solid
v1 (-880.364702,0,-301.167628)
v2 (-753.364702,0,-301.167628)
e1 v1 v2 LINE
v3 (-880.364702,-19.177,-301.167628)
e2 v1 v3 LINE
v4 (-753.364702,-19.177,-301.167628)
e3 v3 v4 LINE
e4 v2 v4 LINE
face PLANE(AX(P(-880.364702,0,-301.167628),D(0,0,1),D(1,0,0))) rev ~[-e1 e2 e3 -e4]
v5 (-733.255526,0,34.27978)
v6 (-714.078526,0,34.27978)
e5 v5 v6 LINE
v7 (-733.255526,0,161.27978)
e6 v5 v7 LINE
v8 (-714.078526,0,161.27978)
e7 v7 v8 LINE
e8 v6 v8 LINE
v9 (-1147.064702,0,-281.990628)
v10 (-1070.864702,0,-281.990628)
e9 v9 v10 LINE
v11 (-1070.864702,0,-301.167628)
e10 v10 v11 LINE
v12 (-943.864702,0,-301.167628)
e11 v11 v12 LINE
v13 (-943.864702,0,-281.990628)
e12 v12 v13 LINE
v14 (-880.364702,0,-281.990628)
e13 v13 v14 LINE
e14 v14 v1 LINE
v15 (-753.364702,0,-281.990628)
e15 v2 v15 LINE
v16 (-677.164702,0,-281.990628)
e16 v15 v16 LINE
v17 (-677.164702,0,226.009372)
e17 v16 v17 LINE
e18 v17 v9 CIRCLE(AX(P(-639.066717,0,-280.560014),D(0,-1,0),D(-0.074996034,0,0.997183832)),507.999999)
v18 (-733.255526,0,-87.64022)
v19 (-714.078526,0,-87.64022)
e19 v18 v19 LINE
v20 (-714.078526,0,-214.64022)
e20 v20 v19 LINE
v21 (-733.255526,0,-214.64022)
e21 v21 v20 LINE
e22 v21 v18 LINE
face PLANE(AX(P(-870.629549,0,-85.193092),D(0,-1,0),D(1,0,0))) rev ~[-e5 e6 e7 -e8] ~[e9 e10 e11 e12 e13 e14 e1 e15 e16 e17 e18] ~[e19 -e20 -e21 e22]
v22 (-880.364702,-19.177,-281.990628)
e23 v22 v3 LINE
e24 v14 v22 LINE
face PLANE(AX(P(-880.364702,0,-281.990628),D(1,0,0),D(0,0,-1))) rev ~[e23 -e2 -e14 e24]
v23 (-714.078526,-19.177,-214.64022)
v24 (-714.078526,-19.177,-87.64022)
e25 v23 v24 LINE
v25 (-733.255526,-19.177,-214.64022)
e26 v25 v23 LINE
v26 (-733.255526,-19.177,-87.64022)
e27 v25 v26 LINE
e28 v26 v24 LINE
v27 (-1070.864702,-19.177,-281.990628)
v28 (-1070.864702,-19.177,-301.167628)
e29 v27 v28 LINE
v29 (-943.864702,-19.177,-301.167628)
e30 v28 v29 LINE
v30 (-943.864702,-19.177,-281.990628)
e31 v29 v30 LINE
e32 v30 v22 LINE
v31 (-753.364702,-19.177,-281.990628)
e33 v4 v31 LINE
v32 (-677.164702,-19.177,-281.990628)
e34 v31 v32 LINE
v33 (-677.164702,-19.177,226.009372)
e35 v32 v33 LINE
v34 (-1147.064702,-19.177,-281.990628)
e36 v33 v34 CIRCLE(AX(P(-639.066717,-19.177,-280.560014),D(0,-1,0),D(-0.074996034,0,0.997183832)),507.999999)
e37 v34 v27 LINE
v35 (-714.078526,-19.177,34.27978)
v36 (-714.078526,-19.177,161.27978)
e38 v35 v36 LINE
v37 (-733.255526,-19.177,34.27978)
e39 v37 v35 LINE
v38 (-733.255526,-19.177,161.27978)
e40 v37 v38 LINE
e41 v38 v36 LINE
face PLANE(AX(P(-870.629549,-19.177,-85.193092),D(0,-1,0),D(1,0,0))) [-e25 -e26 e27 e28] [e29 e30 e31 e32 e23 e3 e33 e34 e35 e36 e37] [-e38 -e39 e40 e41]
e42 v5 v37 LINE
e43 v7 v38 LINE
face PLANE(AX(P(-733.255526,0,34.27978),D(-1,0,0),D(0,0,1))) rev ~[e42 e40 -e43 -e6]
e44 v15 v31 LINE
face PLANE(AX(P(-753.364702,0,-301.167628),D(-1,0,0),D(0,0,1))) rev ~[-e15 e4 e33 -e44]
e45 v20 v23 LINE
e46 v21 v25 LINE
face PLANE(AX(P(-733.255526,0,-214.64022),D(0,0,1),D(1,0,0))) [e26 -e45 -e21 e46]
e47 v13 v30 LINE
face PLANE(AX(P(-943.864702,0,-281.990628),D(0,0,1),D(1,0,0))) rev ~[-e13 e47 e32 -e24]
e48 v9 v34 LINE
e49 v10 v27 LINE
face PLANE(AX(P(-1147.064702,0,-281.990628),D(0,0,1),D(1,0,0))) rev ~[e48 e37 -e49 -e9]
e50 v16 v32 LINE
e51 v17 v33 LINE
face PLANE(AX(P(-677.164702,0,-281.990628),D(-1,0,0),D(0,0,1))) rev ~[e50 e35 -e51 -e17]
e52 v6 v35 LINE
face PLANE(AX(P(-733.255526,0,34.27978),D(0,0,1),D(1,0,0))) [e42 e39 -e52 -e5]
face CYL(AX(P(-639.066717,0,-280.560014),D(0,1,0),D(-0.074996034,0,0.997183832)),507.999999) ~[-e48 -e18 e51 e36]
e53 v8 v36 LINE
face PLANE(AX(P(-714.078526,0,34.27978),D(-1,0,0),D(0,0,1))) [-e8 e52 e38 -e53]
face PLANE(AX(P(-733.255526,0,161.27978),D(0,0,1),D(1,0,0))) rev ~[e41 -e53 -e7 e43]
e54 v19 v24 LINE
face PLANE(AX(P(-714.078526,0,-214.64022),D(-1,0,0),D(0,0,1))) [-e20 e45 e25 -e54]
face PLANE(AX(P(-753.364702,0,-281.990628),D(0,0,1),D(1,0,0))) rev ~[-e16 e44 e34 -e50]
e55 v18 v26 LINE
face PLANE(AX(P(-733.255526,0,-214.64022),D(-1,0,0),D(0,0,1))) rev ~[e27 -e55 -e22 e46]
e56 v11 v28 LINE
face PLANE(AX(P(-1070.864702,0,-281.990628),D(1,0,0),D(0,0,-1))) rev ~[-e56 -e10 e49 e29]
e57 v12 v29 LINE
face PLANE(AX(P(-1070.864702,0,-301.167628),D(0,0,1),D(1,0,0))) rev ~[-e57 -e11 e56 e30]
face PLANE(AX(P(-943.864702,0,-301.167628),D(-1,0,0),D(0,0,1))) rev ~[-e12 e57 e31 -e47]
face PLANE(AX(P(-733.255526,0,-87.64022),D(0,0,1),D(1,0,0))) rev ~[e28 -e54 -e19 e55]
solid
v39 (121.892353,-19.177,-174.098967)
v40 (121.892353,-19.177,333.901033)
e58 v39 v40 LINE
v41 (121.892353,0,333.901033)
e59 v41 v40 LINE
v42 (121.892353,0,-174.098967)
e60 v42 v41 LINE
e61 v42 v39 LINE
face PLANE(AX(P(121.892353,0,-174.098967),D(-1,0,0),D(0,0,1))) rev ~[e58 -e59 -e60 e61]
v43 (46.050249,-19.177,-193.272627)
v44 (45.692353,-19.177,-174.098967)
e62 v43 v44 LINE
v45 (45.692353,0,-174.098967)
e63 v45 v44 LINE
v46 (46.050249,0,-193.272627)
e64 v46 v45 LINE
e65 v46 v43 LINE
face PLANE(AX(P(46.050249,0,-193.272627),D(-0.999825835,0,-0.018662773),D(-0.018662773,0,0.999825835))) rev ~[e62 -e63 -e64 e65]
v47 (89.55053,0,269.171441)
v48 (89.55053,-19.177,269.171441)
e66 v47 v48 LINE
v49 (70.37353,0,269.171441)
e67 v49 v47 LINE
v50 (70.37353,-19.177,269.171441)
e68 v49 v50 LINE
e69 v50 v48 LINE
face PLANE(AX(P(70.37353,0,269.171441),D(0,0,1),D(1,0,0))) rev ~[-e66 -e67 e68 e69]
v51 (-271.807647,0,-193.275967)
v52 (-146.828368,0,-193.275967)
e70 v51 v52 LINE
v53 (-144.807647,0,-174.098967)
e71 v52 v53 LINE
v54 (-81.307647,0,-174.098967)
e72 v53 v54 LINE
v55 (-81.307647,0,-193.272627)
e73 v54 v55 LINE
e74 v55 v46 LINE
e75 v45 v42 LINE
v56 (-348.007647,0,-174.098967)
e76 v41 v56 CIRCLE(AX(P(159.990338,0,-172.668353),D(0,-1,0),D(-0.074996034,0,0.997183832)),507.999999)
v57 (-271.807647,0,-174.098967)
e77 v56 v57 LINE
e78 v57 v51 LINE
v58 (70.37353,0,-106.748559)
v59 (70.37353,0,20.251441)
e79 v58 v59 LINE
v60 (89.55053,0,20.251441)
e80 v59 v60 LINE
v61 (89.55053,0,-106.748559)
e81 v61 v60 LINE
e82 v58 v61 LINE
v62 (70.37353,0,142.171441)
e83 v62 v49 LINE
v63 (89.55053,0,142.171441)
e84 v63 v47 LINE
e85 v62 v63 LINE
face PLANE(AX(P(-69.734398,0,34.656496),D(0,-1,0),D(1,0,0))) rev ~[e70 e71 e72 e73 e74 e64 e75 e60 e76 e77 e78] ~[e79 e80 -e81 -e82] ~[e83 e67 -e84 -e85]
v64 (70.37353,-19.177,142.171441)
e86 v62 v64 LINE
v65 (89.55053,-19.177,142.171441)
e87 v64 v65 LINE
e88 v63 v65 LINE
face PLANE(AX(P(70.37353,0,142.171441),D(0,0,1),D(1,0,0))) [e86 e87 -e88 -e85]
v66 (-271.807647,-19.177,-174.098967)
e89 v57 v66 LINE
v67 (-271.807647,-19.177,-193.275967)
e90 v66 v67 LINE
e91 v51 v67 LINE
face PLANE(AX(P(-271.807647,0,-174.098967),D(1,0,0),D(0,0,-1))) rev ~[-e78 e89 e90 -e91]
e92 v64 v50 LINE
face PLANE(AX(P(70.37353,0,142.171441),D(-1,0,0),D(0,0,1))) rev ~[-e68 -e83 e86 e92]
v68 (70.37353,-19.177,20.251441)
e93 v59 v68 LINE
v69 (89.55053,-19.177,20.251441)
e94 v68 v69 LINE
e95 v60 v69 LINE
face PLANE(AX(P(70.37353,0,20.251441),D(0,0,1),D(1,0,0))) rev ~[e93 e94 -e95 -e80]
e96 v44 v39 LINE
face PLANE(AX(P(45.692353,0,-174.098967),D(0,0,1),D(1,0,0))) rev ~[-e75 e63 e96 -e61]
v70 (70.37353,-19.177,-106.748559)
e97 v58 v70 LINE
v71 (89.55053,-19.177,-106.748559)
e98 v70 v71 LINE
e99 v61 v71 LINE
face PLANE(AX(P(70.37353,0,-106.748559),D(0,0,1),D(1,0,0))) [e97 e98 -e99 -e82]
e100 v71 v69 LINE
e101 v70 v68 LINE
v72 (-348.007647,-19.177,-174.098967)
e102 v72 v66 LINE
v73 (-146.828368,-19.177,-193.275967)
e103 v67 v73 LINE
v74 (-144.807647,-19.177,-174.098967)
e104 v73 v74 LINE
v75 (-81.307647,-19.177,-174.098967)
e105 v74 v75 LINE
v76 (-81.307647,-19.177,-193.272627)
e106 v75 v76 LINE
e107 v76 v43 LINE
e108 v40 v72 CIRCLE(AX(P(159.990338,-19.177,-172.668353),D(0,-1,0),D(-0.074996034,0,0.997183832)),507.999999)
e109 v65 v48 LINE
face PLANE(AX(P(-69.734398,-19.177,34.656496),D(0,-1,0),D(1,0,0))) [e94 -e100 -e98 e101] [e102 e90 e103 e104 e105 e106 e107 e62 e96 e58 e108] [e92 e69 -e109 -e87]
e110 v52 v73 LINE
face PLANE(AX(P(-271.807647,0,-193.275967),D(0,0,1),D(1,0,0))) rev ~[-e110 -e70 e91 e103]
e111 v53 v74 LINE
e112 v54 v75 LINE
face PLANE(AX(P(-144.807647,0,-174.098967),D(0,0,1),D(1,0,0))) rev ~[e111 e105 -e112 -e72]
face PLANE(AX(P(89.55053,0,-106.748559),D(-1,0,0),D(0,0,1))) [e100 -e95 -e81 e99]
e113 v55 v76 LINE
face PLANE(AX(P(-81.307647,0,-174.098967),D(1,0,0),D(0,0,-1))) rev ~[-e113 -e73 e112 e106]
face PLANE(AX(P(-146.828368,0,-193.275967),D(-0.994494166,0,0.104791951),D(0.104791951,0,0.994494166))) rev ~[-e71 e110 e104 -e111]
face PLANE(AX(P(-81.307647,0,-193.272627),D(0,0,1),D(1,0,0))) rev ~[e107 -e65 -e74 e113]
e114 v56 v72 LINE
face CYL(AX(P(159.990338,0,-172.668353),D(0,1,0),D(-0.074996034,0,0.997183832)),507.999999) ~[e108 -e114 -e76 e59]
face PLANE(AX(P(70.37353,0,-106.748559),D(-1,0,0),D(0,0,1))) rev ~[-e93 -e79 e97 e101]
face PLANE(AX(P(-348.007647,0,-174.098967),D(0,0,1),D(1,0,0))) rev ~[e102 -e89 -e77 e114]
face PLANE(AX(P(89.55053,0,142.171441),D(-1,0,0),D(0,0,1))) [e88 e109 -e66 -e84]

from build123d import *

# Parameters (mm, degrees)
F0_W     = 19.177
F0_H     = 127
F1_DEPTH = 19.177


with BuildPart() as f1:
    # F0 (on Front) → F1 (new body)
    with BuildSketch(Plane.XZ):
        with BuildLine():
            Line((121.892353, -174.098967), (121.892353, 333.901033))
            ThreePointArc((121.892353, 333.901033), (-212.932177, 172.284973), (-348.007647, -174.098967))
            Line((-348.007647, -174.098967), (-271.807647, -174.098967))
            Line((-271.807647, -174.098967), (-144.807647, -174.098967))
            Line((-144.807647, -174.098967), (-81.307647, -174.098967))
            Line((-81.307647, -174.098967), (45.692353, -174.098967))
            Line((45.692353, -174.098967), (121.892353, -174.098967))
        make_face()
        with Locations((79.96203, -43.248559)):
            Rectangle(F0_W, F0_H, mode=Mode.SUBTRACT)
        with Locations((79.96203, 205.671441)):
            Rectangle(F0_W, F0_H, mode=Mode.SUBTRACT)
        Polygon((46.050249, -193.272627), (45.692353, -174.098967), (-81.307647, -174.098967), (-81.307647, -193.272627), align=None)
        Polygon((-144.807647, -174.098967), (-271.807647, -174.098967), (-271.807647, -193.275967), (-146.828368, -193.275967), align=None)
        with BuildLine():
            Line((-677.164702, -281.990628), (-677.164702, 226.009372))
            ThreePointArc((-677.164702, 226.009372), (-1011.989232, 64.393312), (-1147.064702, -281.990628))
            Line((-1147.064702, -281.990628), (-1070.864702, -281.990628))
            Line((-1070.864702, -281.990628), (-1070.864702, -301.167628))
            Line((-1070.864702, -301.167628), (-943.864702, -301.167628))
            Line((-943.864702, -301.167628), (-943.864702, -281.990628))
            Line((-943.864702, -281.990628), (-880.364702, -281.990628))
            Line((-880.364702, -281.990628), (-880.364702, -301.167628))
            Line((-880.364702, -301.167628), (-753.364702, -301.167628))
            Line((-753.364702, -301.167628), (-753.364702, -281.990628))
            Line((-753.364702, -281.990628), (-677.164702, -281.990628))
        make_face()
        with Locations((-723.667026, -151.14022)):
            Rectangle(F0_W, F0_H, mode=Mode.SUBTRACT)
        with Locations((-723.667026, 97.77978)):
            Rectangle(F0_W, F0_H, mode=Mode.SUBTRACT)
    extrude(amount=F1_DEPTH)


solid = f1.part
